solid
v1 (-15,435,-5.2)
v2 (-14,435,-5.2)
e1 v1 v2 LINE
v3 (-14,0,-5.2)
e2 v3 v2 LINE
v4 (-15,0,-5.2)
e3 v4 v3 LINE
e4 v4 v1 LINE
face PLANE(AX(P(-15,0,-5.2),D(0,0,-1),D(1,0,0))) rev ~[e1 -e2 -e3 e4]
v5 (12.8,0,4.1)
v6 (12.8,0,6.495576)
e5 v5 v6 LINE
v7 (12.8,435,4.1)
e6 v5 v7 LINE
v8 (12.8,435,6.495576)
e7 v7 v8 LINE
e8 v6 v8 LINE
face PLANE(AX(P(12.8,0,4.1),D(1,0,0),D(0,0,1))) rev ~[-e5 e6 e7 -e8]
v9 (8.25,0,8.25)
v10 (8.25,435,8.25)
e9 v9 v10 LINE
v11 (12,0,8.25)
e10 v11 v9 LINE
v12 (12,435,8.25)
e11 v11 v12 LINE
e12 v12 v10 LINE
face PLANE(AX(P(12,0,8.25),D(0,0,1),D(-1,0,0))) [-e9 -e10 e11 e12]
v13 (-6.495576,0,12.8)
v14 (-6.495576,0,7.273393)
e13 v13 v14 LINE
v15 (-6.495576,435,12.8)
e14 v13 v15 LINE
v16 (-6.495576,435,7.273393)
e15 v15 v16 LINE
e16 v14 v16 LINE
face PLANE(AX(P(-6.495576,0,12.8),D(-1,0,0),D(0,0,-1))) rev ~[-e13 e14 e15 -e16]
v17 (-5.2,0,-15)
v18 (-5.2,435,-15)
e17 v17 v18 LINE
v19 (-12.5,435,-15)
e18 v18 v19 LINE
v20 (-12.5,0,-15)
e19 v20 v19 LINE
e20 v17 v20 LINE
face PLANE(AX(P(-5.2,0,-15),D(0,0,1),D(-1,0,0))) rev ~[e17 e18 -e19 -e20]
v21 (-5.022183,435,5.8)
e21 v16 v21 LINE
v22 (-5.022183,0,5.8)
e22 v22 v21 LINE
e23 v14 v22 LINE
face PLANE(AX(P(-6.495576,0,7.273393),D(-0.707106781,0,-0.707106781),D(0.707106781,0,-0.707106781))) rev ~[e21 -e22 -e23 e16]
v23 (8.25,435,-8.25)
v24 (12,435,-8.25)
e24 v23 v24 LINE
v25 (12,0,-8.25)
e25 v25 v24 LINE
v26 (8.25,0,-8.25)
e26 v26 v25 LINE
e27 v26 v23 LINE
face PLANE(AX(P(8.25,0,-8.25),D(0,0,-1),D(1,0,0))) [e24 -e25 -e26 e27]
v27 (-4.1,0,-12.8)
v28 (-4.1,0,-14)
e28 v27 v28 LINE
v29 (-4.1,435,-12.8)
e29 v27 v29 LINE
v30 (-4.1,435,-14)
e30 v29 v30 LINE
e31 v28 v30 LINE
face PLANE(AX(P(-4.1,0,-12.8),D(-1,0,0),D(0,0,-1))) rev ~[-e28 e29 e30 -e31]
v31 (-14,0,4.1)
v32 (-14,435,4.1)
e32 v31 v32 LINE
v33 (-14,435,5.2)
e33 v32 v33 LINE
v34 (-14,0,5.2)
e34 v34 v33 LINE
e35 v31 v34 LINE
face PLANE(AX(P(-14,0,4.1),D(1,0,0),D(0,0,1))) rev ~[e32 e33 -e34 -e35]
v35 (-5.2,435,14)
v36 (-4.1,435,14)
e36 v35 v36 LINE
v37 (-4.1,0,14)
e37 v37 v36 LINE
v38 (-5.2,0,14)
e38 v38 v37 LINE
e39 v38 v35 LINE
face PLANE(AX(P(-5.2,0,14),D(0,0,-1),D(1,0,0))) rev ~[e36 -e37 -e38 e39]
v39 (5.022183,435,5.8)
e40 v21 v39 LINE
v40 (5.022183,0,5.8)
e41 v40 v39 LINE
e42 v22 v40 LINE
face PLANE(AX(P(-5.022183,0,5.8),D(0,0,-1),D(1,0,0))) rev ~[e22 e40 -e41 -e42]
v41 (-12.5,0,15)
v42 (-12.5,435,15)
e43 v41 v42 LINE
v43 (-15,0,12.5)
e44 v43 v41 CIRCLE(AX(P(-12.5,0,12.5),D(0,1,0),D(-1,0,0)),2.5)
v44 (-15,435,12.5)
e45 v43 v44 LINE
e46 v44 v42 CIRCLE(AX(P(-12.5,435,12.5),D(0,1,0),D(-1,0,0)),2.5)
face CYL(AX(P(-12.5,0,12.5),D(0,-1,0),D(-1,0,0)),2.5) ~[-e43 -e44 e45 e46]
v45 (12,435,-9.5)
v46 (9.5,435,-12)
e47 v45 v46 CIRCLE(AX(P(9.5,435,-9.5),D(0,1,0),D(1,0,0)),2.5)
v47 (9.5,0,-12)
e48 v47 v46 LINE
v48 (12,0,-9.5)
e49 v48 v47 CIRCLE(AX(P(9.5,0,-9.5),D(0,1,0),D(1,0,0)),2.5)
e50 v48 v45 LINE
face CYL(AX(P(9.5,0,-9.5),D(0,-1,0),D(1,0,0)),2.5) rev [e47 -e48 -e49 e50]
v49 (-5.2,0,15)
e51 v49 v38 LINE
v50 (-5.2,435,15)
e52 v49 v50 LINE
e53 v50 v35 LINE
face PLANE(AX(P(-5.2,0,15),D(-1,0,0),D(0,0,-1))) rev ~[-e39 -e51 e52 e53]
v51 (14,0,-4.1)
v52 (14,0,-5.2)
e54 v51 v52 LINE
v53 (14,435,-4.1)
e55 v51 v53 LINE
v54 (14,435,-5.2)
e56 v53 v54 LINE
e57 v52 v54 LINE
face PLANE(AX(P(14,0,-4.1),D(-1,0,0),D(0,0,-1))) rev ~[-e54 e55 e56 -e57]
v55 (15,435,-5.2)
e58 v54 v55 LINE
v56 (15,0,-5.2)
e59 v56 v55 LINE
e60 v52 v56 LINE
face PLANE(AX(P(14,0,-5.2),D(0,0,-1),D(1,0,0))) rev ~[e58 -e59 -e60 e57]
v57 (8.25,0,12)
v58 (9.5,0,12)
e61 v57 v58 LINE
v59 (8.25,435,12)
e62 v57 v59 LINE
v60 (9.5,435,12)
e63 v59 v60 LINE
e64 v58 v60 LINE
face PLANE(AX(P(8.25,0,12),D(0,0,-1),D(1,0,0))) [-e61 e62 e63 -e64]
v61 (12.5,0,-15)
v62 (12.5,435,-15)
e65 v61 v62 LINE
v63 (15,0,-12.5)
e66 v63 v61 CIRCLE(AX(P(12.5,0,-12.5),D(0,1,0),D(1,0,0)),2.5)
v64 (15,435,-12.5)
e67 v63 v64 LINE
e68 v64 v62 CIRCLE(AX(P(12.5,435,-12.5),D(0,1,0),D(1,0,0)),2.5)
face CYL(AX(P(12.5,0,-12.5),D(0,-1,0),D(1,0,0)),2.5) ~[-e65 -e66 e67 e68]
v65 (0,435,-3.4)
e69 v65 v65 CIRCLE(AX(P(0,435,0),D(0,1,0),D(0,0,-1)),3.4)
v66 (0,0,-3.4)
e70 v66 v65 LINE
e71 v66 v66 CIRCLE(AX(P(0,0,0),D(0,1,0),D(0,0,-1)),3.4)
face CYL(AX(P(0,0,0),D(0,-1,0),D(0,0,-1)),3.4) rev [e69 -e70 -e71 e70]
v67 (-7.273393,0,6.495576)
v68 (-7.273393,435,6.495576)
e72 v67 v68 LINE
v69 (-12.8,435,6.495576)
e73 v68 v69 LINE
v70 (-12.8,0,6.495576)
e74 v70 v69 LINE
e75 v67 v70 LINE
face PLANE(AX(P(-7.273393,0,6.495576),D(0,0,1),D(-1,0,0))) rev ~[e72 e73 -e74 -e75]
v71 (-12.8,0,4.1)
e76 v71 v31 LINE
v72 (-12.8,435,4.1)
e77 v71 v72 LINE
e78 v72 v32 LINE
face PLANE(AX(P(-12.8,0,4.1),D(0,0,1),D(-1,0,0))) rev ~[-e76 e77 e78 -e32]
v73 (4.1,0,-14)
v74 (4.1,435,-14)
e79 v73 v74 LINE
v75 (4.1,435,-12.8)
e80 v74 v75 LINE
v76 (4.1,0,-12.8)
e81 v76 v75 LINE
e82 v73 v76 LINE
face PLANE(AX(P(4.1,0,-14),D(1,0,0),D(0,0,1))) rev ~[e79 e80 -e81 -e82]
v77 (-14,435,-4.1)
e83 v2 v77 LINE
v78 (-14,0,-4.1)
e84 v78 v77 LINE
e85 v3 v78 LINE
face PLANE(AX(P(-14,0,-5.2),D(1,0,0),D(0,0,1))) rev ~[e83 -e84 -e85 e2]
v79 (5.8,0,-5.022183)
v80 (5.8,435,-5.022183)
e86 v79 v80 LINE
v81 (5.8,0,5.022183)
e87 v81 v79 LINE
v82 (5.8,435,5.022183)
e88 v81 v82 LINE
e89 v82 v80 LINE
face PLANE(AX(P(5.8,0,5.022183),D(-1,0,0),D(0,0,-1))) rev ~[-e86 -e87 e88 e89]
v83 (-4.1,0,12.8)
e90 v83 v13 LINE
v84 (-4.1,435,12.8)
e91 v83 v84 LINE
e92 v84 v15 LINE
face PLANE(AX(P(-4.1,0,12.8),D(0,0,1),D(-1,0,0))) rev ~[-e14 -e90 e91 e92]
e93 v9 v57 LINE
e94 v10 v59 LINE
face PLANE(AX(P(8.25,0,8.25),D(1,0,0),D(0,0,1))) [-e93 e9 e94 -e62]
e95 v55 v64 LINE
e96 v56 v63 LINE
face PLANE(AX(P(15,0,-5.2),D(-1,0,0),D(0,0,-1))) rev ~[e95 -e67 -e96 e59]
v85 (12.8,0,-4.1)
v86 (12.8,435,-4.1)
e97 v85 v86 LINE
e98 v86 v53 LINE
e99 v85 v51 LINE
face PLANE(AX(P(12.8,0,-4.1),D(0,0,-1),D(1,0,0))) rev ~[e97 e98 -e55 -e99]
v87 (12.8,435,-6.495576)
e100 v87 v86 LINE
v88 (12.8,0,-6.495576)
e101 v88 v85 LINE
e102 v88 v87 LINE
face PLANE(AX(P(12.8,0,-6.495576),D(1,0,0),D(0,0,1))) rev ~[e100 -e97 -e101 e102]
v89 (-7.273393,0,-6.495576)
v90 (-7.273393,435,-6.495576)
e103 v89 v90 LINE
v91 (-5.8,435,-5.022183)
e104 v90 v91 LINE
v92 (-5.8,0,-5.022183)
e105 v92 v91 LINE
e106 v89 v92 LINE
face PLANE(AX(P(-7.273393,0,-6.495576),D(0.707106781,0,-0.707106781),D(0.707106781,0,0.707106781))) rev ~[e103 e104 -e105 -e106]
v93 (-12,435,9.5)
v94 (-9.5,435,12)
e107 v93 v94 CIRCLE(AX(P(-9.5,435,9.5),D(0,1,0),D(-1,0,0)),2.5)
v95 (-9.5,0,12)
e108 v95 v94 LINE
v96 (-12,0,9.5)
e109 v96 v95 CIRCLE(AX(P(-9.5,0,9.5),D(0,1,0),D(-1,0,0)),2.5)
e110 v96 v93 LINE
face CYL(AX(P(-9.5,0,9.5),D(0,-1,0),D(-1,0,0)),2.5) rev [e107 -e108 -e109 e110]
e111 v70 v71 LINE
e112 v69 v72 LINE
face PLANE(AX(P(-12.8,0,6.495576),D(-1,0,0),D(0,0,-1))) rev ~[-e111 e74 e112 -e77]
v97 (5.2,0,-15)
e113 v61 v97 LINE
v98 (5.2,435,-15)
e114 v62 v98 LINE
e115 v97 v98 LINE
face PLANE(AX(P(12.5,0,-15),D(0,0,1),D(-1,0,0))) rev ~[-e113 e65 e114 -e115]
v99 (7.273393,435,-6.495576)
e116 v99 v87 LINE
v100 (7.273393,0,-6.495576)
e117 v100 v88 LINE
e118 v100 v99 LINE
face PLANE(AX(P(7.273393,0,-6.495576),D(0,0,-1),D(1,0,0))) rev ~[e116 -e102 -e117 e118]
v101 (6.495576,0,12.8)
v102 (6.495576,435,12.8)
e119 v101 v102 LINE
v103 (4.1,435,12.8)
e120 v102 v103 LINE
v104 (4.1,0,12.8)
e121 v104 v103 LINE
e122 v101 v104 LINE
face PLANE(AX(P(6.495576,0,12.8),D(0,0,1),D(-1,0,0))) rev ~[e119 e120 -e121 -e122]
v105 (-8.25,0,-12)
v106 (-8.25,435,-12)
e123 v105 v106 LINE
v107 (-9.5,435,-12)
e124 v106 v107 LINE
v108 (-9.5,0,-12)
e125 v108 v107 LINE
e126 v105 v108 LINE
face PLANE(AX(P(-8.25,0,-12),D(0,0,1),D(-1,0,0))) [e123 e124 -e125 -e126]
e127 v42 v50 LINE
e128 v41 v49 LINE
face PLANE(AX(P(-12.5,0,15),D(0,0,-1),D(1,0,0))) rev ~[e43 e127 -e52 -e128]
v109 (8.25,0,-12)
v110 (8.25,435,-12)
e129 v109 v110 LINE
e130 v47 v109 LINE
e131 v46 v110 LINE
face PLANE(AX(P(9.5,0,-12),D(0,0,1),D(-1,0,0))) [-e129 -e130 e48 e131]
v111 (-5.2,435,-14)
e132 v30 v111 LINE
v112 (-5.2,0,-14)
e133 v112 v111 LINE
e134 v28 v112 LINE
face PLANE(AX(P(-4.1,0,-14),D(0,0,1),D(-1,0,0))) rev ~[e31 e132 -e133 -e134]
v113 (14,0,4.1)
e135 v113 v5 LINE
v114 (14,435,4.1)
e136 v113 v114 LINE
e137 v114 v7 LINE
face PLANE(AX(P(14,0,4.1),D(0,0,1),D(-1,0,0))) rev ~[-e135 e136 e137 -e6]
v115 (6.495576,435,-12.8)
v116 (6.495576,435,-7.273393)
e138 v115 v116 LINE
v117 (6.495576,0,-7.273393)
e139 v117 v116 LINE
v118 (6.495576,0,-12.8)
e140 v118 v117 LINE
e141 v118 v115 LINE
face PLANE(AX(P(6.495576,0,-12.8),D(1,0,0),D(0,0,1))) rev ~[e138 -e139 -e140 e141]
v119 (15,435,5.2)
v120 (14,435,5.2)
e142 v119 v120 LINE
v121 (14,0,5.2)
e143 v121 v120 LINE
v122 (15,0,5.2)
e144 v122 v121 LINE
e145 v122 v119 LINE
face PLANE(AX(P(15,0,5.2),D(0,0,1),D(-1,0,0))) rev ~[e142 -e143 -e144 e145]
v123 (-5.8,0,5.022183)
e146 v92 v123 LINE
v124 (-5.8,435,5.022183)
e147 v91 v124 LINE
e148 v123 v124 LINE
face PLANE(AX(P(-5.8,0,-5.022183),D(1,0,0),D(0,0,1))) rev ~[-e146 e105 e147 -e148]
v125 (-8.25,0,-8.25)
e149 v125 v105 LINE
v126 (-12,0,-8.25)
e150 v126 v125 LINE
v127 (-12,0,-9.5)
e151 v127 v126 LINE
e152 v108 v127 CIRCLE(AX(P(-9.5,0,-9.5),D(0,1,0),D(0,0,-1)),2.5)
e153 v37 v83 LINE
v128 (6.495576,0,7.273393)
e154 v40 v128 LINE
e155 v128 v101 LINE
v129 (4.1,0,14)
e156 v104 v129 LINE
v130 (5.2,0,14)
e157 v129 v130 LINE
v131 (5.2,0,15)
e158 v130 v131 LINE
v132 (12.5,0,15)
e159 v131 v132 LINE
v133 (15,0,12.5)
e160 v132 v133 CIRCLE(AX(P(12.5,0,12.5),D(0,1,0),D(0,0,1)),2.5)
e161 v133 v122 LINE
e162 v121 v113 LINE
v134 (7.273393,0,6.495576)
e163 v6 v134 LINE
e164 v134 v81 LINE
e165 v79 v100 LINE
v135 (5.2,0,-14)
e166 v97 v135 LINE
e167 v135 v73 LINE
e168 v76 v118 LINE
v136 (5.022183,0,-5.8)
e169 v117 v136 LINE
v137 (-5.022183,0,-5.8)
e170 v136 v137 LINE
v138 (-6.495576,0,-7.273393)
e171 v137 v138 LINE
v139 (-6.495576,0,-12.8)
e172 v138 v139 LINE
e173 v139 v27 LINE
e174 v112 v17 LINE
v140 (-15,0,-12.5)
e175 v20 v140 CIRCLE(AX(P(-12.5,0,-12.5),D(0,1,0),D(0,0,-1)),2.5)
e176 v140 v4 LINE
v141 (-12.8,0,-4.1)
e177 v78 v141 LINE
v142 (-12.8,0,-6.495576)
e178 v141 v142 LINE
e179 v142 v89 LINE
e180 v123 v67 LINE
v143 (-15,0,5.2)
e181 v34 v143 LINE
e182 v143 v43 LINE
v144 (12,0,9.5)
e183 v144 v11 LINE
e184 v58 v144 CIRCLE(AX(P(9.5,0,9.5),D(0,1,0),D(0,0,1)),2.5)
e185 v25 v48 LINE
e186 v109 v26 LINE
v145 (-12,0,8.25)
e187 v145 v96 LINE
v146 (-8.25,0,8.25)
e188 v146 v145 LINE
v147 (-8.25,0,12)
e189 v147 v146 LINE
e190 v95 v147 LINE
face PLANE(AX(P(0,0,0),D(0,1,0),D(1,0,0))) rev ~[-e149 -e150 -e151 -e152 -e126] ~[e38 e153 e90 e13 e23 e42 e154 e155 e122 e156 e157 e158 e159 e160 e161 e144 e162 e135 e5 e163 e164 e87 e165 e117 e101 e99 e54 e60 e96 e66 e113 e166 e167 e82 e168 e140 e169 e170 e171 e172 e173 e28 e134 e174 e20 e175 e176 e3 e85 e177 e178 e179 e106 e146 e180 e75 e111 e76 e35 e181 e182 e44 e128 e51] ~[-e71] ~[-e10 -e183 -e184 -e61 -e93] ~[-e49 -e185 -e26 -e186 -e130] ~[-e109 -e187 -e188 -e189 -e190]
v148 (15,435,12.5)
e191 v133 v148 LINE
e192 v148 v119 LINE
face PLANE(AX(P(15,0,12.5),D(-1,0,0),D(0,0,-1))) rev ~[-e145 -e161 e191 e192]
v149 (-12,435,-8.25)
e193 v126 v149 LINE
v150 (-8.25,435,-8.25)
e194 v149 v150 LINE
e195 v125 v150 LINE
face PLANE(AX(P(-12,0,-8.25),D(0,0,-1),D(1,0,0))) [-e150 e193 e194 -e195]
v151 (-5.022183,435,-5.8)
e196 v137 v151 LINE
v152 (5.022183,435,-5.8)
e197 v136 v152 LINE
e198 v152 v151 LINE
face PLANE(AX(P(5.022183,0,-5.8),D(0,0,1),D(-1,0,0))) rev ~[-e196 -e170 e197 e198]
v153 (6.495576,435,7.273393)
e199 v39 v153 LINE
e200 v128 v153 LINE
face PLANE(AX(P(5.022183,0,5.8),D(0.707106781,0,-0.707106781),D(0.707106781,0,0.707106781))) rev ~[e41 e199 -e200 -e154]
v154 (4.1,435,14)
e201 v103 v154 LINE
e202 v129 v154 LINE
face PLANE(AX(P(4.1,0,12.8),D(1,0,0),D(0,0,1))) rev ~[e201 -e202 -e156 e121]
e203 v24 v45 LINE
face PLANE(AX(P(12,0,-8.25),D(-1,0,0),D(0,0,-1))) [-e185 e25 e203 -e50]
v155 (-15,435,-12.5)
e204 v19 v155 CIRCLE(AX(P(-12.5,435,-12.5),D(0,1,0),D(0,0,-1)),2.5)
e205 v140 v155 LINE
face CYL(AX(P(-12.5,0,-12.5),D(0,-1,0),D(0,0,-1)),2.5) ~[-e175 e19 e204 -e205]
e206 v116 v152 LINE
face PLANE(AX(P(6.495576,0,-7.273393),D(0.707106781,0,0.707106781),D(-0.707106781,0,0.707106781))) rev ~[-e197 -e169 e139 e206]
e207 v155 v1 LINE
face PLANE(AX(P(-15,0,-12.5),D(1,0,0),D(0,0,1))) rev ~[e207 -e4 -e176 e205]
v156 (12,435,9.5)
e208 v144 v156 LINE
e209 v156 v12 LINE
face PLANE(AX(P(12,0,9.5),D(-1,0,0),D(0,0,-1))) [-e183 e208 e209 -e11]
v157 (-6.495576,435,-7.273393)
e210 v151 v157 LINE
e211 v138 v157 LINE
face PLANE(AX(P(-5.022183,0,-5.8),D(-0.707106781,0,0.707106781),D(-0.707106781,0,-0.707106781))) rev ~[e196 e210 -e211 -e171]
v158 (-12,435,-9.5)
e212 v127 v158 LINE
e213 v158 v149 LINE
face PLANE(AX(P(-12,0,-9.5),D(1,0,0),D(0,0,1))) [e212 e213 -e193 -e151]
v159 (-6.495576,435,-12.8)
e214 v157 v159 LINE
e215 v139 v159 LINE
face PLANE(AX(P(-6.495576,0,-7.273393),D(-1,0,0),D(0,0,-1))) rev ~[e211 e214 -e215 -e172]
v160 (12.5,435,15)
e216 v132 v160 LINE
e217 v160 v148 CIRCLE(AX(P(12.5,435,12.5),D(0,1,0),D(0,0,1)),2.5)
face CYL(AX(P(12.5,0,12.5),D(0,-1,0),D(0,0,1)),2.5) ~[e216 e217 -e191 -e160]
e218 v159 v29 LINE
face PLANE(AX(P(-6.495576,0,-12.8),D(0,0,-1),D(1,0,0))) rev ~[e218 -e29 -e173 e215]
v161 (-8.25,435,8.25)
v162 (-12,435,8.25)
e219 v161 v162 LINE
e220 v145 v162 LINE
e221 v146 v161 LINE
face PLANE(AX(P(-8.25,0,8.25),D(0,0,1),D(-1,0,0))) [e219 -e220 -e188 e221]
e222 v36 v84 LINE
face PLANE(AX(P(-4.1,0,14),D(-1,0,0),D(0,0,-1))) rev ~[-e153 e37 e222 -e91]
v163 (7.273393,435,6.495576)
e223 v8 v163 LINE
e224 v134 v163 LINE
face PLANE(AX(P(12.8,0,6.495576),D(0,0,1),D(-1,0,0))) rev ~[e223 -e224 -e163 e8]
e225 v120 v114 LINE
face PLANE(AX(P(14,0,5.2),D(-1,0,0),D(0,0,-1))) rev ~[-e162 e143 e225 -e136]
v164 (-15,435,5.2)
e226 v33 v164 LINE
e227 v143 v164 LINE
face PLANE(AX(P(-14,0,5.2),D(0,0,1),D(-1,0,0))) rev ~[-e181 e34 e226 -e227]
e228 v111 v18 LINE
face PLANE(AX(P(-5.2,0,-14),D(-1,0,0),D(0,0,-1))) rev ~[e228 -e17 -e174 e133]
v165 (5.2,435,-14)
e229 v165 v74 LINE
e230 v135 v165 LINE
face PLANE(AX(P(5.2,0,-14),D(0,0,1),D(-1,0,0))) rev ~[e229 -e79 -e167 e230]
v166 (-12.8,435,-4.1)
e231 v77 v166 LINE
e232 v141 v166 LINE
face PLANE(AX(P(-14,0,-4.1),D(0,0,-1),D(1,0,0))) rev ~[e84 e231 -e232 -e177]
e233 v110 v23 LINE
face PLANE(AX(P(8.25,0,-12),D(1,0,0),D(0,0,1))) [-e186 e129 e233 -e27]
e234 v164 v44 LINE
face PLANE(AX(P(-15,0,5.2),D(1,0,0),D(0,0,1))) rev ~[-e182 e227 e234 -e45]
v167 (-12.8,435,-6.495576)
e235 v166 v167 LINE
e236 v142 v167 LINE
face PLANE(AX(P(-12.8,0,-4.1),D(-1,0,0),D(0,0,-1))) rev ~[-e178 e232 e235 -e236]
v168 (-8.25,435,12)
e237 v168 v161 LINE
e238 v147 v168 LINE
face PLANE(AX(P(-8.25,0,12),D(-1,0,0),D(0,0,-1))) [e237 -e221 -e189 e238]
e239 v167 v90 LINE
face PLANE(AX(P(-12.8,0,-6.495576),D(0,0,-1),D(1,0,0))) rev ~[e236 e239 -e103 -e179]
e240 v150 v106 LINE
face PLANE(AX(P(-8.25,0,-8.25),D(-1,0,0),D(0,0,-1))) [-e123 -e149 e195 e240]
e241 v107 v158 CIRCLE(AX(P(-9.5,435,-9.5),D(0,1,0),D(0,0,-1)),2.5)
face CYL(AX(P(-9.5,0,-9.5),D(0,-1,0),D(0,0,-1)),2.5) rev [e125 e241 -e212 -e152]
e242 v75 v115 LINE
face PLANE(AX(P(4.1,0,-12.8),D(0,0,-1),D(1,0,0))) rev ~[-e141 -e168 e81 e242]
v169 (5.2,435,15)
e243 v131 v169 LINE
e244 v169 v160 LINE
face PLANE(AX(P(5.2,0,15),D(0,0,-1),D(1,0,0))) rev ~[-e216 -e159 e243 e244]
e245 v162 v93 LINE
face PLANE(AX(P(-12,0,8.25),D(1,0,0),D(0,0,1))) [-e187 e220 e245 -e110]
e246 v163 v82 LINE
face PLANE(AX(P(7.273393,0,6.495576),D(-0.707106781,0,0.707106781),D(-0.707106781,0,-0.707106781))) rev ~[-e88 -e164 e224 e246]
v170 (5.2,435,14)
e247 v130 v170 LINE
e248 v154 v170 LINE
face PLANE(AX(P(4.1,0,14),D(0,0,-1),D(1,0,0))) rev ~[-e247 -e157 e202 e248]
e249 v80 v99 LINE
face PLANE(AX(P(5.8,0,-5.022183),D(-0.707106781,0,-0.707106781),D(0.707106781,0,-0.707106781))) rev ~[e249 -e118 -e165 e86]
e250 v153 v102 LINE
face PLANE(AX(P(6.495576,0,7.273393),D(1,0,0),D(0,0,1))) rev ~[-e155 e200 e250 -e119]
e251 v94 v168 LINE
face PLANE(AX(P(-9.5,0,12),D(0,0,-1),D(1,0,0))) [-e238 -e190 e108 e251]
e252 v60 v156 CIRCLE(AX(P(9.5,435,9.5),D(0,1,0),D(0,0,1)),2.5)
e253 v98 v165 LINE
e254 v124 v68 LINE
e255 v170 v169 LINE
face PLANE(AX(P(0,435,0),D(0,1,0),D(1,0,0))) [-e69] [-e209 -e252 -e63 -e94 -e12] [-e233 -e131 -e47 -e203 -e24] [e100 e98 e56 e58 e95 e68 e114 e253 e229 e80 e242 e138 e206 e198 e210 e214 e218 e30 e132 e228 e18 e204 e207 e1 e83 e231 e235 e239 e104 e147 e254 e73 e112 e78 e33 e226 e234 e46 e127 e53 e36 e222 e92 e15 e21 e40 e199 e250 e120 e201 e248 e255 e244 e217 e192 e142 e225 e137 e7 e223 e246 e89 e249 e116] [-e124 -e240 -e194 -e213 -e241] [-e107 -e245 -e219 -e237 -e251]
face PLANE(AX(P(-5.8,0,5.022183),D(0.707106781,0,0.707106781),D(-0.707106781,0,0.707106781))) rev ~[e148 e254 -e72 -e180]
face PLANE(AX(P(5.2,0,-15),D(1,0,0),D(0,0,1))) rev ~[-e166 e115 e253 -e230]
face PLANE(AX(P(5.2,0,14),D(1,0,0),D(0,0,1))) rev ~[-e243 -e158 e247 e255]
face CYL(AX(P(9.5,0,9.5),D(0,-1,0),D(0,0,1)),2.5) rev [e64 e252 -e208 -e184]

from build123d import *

# Parameters (mm, degrees)
SKETCH_1_R      = 3.4
EXTRUDE_1_DEPTH = 435


with BuildPart() as part:
    # 草图1 → 凸台-拉伸1 (new body)
    with BuildSketch(Plane(origin=(0, 0, 0), x_dir=(1, 0, 0), z_dir=(0, 1, 0))):
        with BuildLine():
            Line((-12.8, 4.1), (-12.8, 6.495575748))
            Line((-12.8, 6.495575748), (-7.273393207, 6.495575748))
            Line((-7.273393207, 6.495575748), (-5.8, 5.022182541))
            Line((-5.8, 5.022182541), (-5.8, 0))
            Line((-5.8, 0), (-5.8, -5.022182541))
            Line((-5.8, -5.022182541), (-7.273393207, -6.495575748))
            Line((-7.273393207, -6.495575748), (-12.8, -6.495575748))
            Line((-12.8, -6.495575748), (-12.8, -4.1))
            Line((-12.8, -4.1), (-14, -4.1))
            Line((-14, -4.1), (-14, -5.2))
            Line((-14, -5.2), (-15, -5.2))
            Line((-15, -5.2), (-15, -12.5))
            ThreePointArc((-15, -12.5), (-14.267766953, -14.267766953), (-12.5, -15))
            Line((-12.5, -15), (-5.2, -15))
            Line((-5.2, -15), (-5.2, -14))
            Line((-5.2, -14), (-4.1, -14))
            Line((-4.1, -14), (-4.1, -12.8))
            Line((-4.1, -12.8), (-6.495575748, -12.8))
            Line((-6.495575748, -12.8), (-6.495575748, -7.273393207))
            Line((-6.495575748, -7.273393207), (-5.022182541, -5.8))
            Line((-5.022182541, -5.8), (0, -5.8))
            Line((0, -5.8), (5.022182541, -5.8))
            Line((5.022182541, -5.8), (6.495575748, -7.273393207))
            Line((6.495575748, -7.273393207), (6.495575748, -12.8))
            Line((6.495575748, -12.8), (4.1, -12.8))
            Line((4.1, -12.8), (4.1, -14))
            Line((4.1, -14), (5.2, -14))
            Line((5.2, -14), (5.2, -15))
            Line((5.2, -15), (12.5, -15))
            ThreePointArc((12.5, -15), (14.267766953, -14.267766953), (15, -12.5))
            Line((15, -12.5), (15, -5.2))
            Line((15, -5.2), (14, -5.2))
            Line((14, -5.2), (14, -4.1))
            Line((14, -4.1), (12.8, -4.1))
            Line((12.8, -4.1), (12.8, -6.495575748))
            Line((12.8, -6.495575748), (7.273393207, -6.495575748))
            Line((7.273393207, -6.495575748), (5.8, -5.022182541))
            Line((5.8, -5.022182541), (5.8, 0))
            Line((5.8, 0), (5.8, 5.022182541))
            Line((5.8, 5.022182541), (7.273393207, 6.495575748))
            Line((7.273393207, 6.495575748), (12.8, 6.495575748))
            Line((12.8, 6.495575748), (12.8, 4.1))
            Line((12.8, 4.1), (14, 4.1))
            Line((14, 4.1), (14, 5.2))
            Line((14, 5.2), (15, 5.2))
            Line((15, 5.2), (15, 12.5))
            ThreePointArc((15, 12.5), (14.267766953, 14.267766953), (12.5, 15))
            Line((12.5, 15), (5.2, 15))
            Line((5.2, 15), (5.2, 14))
            Line((5.2, 14), (4.1, 14))
            Line((4.1, 14), (4.1, 12.8))
            Line((4.1, 12.8), (6.495575748, 12.8))
            Line((6.495575748, 12.8), (6.495575748, 7.273393207))
            Line((6.495575748, 7.273393207), (5.022182541, 5.8))
            Line((5.022182541, 5.8), (0, 5.8))
            Line((0, 5.8), (-5.022182541, 5.8))
            Line((-5.022182541, 5.8), (-6.495575748, 7.273393207))
            Line((-6.495575748, 7.273393207), (-6.495575748, 12.8))
            Line((-6.495575748, 12.8), (-4.1, 12.8))
            Line((-4.1, 12.8), (-4.1, 14))
            Line((-4.1, 14), (-5.2, 14))
            Line((-5.2, 14), (-5.2, 15))
            Line((-5.2, 15), (-12.5, 15))
            ThreePointArc((-12.5, 15), (-14.267766953, 14.267766953), (-15, 12.5))
            Line((-15, 12.5), (-15, 5.2))
            Line((-15, 5.2), (-14, 5.2))
            Line((-14, 5.2), (-14, 4.1))
            Line((-14, 4.1), (-12.8, 4.1))
        make_face()
        with Locations(Location((0, 0, 0), (0, 0, 90))):
            Circle(SKETCH_1_R, mode=Mode.SUBTRACT)
        with BuildLine():
            Line((-12, 9.5), (-12, 8.25))
            Line((-12, 8.25), (-8.25, 8.25))
            Line((-8.25, 8.25), (-8.25, 12))
            Line((-8.25, 12), (-9.5, 12))
            ThreePointArc((-9.5, 12), (-11.267766953, 11.267766953), (-12, 9.5))
        make_face(mode=Mode.SUBTRACT)
        with BuildLine():
            Line((9.5, 12), (8.25, 12))
            Line((8.25, 12), (8.25, 8.25))
            Line((8.25, 8.25), (12, 8.25))
            Line((12, 8.25), (12, 9.5))
            ThreePointArc((12, 9.5), (11.267766953, 11.267766953), (9.5, 12))
        make_face(mode=Mode.SUBTRACT)
        with BuildLine():
            Line((12, -9.5), (12, -8.25))
            Line((12, -8.25), (8.25, -8.25))
            Line((8.25, -8.25), (8.25, -12))
            Line((8.25, -12), (9.5, -12))
            ThreePointArc((9.5, -12), (11.267766953, -11.267766953), (12, -9.5))
        make_face(mode=Mode.SUBTRACT)
        with BuildLine():
            Line((-9.5, -12), (-8.25, -12))
            Line((-8.25, -12), (-8.25, -8.25))
            Line((-8.25, -8.25), (-12, -8.25))
            Line((-12, -8.25), (-12, -9.5))
            ThreePointArc((-12, -9.5), (-11.267766953, -11.267766953), (-9.5, -12))
        make_face(mode=Mode.SUBTRACT)
    extrude(amount=EXTRUDE_1_DEPTH)


solid = part.part
